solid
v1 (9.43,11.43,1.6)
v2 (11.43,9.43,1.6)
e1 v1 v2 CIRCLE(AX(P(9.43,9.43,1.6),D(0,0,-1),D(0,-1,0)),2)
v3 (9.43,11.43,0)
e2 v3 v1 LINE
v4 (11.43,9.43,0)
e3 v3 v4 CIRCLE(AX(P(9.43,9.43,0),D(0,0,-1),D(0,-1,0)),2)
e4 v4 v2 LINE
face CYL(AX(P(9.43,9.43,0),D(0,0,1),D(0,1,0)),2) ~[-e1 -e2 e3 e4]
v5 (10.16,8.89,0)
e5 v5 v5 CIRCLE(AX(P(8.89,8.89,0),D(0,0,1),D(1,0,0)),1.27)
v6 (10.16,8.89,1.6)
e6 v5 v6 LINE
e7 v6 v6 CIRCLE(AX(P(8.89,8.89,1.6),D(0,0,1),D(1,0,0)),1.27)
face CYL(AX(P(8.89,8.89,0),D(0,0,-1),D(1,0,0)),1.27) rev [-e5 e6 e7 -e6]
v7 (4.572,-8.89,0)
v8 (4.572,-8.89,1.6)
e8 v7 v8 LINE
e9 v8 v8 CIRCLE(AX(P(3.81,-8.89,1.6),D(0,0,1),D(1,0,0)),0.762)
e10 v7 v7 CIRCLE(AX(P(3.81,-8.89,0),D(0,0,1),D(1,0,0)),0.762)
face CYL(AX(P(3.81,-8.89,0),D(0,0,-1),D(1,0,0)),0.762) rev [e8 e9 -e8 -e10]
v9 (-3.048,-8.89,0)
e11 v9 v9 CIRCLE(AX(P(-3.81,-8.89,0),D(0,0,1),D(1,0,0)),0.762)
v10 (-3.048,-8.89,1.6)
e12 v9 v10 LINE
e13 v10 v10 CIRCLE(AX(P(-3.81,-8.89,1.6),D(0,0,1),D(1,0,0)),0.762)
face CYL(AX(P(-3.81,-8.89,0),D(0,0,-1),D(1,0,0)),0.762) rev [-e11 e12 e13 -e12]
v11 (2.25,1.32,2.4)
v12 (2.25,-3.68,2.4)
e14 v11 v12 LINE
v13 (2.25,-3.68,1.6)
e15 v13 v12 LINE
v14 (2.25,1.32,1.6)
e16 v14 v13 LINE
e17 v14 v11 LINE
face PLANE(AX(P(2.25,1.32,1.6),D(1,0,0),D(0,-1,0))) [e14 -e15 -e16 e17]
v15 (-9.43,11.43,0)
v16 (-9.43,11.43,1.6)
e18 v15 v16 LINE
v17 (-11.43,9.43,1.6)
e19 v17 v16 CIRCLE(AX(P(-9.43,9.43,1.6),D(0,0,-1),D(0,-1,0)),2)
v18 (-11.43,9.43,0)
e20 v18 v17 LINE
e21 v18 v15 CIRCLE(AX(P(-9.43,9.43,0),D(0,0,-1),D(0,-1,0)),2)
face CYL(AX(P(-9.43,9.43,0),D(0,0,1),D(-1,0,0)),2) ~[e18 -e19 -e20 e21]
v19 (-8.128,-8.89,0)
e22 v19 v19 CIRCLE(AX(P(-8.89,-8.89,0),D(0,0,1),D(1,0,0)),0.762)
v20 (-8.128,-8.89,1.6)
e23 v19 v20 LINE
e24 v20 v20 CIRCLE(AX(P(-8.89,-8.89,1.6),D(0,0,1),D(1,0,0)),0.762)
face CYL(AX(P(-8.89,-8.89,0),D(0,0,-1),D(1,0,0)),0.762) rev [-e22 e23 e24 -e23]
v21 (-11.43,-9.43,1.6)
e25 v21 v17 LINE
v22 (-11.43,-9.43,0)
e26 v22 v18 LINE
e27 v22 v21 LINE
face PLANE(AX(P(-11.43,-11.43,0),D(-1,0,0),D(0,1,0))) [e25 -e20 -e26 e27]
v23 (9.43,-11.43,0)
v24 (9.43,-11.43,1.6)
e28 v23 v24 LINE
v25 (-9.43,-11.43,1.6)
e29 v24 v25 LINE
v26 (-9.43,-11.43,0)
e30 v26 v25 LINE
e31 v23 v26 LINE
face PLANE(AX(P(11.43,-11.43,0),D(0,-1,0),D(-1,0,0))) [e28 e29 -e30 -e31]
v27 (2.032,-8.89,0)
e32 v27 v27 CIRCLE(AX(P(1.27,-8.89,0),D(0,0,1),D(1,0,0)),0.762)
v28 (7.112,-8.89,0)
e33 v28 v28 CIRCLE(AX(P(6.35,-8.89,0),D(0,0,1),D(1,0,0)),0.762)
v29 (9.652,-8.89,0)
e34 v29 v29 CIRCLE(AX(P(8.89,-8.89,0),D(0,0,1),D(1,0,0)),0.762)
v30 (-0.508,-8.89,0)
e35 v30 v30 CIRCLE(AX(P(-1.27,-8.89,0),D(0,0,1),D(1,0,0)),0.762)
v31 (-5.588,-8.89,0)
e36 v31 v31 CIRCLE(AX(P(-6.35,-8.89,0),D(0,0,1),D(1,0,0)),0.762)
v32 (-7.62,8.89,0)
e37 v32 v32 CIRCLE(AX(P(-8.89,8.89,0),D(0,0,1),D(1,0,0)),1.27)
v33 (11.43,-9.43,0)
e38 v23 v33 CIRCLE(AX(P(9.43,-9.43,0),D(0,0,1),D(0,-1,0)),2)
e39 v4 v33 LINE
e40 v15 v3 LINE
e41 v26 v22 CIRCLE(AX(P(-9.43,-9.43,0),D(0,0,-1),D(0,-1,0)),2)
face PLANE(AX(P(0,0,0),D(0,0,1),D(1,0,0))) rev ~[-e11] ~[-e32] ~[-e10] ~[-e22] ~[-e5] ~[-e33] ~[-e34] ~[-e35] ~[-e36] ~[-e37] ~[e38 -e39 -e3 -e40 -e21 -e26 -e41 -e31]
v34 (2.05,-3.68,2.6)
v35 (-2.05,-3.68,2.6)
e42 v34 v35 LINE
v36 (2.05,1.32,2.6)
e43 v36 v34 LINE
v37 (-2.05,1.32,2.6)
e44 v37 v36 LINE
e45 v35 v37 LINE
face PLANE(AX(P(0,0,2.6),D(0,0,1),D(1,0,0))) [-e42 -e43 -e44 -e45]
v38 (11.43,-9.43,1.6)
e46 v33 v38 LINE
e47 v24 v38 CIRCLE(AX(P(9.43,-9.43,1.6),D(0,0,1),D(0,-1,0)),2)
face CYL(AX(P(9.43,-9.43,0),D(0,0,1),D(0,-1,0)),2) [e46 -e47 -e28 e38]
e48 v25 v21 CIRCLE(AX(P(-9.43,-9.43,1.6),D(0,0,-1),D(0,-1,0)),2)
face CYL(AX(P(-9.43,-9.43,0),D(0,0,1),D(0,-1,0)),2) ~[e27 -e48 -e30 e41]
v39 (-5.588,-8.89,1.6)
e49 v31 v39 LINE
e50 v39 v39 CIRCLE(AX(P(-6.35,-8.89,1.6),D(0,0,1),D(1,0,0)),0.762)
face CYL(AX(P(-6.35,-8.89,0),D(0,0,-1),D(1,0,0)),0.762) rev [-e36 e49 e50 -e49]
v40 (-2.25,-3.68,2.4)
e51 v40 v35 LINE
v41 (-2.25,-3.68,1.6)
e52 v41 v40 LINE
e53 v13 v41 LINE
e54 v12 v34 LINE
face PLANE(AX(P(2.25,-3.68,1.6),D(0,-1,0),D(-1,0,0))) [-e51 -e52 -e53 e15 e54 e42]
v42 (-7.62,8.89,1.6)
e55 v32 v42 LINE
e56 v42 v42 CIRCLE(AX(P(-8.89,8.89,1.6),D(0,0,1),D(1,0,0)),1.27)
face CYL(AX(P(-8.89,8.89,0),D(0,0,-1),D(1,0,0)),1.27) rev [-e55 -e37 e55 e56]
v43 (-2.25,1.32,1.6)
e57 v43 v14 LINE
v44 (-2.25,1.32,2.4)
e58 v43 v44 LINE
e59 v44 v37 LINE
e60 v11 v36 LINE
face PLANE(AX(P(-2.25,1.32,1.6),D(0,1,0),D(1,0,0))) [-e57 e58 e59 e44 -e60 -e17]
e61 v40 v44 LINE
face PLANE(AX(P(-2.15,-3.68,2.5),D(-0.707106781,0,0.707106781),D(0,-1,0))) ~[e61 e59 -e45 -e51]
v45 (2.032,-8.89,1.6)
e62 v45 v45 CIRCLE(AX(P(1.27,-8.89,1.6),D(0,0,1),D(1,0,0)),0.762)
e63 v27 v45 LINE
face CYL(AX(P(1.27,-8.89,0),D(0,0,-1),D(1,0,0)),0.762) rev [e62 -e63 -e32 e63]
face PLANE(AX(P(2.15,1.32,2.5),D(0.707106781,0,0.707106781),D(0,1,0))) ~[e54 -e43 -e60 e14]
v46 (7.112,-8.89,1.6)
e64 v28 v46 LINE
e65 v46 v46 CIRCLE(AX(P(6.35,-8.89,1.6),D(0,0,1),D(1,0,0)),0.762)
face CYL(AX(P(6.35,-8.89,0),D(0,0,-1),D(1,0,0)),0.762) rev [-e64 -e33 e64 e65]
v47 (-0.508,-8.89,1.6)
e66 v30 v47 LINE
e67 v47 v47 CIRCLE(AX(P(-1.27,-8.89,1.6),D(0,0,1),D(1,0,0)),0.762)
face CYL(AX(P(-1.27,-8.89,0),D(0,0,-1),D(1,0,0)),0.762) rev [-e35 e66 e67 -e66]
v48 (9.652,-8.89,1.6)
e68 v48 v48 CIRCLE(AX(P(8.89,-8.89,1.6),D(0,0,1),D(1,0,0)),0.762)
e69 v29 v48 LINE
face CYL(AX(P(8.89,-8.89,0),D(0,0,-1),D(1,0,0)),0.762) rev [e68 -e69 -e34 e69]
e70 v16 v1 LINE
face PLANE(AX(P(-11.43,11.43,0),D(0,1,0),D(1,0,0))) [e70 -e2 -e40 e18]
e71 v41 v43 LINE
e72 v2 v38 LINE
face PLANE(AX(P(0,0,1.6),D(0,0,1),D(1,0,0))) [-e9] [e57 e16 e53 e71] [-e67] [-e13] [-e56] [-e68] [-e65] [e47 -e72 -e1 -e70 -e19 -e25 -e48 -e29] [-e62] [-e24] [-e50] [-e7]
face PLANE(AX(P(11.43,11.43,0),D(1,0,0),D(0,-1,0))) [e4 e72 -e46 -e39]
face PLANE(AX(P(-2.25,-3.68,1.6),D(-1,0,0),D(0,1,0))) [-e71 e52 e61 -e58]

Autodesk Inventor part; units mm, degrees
ref_plane "YZ Plane" through (0, 0, 0) normal (1, 0, 0) x (0, 1, 0)
ref_plane "XZ Plane" through (0, 0, 0) normal (0, 1, 0) x (-1, 0, 0)
ref_plane "XY Plane" through (0, 0, 0) normal (0, 0, 1) x (1, 0, 0)
sketch "Sketch1" plane through (0, 0, 0) normal (0, 0, 1) x (1, 0, 0)
  line L0 (11.43, -11.43) -> (-11.43, -11.43)
  line L1 (-11.43, -11.43) -> (-11.43, 11.43)
  line L2 (-11.43, 11.43) -> (11.43, 11.43)
  line L3 (11.43, 11.43) -> (11.43, -11.43)
  line L4 (11.43, -11.43) -> (-11.43, 11.43) construction
  line L5 (-11.43, -11.43) -> (11.43, 11.43) construction
  circle A0 centre (-8.89, 8.89) radius 1.27
  circle A1 centre (8.89, 8.89) radius 1.27
  line L6 (0, 11.43) -> (0, -11.43) construction
  circle A2 centre (-8.89, -8.89) radius 0.762
  circle A3 centre (-6.35, -8.89) radius 0.762
  circle A4 centre (-3.81, -8.89) radius 0.762
  circle A5 centre (-1.27, -8.89) radius 0.762
  circle A6 centre (1.27, -8.89) radius 0.762
  circle A7 centre (3.81, -8.89) radius 0.762
  circle A8 centre (6.35, -8.89) radius 0.762
  circle A9 centre (8.89, -8.89) radius 0.762
  point P0 (0, 0)
  dimension "d0" = 22.86
  dimension "d1" = 22.86
  dimension "d2" = 2.54
  dimension "d3" = 17.78
  dimension "d4" = 20.32
  dimension "d5" = 1.524
  dimension "d6" = 2.54
  dimension "d9" = 2.54
extrude "Extrusion1" add sketch "Sketch1" along normal blind 1.6
fillet "Fillet1" radius 2 4 edges at (-11.43, 11.43, 0.8) (11.43, 11.43, 0.8) (11.43, -11.43, 0.8) (-11.43, -11.43, 0.8)
sketch "Sketch2" plane through (0, 0, 1.6) normal (0, 0, 1) x (1, 0, 0)
  line L0 (2.25, -3.68) -> (-2.25, -3.68)
  line L1 (-2.25, -3.68) -> (-2.25, 1.32)
  line L2 (-2.25, 1.32) -> (2.25, 1.32)
  line L3 (2.25, 1.32) -> (2.25, -3.68)
  line L4 (2.25, -3.68) -> (-2.25, 1.32) construction
  line L5 (-2.25, -3.68) -> (2.25, 1.32) construction
  line L6 (9.43, 11.43) -> (-9.43, 11.43) projected
  line L7 (-9.43, -11.43) -> (9.43, -11.43) projected
  point P0 (0, 0)
  point P1 (0, -1.18)
  point P2 (0, -1.18)
  dimension "d17" = 4.5
  dimension "d18" = 5
  dimension "d20" = 12.75
extrude "Extrusion2" add sketch "Sketch2" along normal blind 1
chamfer "Chamfer1" distance 0.2 angle 45 2 edges at (-2.25, -1.18, 2.6) (2.25, -1.18, 2.6)
sketch "Sketch5" plane through (0, 0, 1.6) normal (0, 0, 1) x (1, 0, 0)
  line L0 (-11.3283, 11.4877) -> (11.6389, 11.4877) construction
  line L1 (11.6389, 11.4877) -> (11.6389, -11.3452) construction
  line L2 (11.6389, -11.3452) -> (-11.3283, -11.3452) construction
  line L3 (-11.3283, -11.3452) -> (-11.3283, 11.4877) construction
  point P0 (0, 0)
properties part number "Adafruit_INA260"
